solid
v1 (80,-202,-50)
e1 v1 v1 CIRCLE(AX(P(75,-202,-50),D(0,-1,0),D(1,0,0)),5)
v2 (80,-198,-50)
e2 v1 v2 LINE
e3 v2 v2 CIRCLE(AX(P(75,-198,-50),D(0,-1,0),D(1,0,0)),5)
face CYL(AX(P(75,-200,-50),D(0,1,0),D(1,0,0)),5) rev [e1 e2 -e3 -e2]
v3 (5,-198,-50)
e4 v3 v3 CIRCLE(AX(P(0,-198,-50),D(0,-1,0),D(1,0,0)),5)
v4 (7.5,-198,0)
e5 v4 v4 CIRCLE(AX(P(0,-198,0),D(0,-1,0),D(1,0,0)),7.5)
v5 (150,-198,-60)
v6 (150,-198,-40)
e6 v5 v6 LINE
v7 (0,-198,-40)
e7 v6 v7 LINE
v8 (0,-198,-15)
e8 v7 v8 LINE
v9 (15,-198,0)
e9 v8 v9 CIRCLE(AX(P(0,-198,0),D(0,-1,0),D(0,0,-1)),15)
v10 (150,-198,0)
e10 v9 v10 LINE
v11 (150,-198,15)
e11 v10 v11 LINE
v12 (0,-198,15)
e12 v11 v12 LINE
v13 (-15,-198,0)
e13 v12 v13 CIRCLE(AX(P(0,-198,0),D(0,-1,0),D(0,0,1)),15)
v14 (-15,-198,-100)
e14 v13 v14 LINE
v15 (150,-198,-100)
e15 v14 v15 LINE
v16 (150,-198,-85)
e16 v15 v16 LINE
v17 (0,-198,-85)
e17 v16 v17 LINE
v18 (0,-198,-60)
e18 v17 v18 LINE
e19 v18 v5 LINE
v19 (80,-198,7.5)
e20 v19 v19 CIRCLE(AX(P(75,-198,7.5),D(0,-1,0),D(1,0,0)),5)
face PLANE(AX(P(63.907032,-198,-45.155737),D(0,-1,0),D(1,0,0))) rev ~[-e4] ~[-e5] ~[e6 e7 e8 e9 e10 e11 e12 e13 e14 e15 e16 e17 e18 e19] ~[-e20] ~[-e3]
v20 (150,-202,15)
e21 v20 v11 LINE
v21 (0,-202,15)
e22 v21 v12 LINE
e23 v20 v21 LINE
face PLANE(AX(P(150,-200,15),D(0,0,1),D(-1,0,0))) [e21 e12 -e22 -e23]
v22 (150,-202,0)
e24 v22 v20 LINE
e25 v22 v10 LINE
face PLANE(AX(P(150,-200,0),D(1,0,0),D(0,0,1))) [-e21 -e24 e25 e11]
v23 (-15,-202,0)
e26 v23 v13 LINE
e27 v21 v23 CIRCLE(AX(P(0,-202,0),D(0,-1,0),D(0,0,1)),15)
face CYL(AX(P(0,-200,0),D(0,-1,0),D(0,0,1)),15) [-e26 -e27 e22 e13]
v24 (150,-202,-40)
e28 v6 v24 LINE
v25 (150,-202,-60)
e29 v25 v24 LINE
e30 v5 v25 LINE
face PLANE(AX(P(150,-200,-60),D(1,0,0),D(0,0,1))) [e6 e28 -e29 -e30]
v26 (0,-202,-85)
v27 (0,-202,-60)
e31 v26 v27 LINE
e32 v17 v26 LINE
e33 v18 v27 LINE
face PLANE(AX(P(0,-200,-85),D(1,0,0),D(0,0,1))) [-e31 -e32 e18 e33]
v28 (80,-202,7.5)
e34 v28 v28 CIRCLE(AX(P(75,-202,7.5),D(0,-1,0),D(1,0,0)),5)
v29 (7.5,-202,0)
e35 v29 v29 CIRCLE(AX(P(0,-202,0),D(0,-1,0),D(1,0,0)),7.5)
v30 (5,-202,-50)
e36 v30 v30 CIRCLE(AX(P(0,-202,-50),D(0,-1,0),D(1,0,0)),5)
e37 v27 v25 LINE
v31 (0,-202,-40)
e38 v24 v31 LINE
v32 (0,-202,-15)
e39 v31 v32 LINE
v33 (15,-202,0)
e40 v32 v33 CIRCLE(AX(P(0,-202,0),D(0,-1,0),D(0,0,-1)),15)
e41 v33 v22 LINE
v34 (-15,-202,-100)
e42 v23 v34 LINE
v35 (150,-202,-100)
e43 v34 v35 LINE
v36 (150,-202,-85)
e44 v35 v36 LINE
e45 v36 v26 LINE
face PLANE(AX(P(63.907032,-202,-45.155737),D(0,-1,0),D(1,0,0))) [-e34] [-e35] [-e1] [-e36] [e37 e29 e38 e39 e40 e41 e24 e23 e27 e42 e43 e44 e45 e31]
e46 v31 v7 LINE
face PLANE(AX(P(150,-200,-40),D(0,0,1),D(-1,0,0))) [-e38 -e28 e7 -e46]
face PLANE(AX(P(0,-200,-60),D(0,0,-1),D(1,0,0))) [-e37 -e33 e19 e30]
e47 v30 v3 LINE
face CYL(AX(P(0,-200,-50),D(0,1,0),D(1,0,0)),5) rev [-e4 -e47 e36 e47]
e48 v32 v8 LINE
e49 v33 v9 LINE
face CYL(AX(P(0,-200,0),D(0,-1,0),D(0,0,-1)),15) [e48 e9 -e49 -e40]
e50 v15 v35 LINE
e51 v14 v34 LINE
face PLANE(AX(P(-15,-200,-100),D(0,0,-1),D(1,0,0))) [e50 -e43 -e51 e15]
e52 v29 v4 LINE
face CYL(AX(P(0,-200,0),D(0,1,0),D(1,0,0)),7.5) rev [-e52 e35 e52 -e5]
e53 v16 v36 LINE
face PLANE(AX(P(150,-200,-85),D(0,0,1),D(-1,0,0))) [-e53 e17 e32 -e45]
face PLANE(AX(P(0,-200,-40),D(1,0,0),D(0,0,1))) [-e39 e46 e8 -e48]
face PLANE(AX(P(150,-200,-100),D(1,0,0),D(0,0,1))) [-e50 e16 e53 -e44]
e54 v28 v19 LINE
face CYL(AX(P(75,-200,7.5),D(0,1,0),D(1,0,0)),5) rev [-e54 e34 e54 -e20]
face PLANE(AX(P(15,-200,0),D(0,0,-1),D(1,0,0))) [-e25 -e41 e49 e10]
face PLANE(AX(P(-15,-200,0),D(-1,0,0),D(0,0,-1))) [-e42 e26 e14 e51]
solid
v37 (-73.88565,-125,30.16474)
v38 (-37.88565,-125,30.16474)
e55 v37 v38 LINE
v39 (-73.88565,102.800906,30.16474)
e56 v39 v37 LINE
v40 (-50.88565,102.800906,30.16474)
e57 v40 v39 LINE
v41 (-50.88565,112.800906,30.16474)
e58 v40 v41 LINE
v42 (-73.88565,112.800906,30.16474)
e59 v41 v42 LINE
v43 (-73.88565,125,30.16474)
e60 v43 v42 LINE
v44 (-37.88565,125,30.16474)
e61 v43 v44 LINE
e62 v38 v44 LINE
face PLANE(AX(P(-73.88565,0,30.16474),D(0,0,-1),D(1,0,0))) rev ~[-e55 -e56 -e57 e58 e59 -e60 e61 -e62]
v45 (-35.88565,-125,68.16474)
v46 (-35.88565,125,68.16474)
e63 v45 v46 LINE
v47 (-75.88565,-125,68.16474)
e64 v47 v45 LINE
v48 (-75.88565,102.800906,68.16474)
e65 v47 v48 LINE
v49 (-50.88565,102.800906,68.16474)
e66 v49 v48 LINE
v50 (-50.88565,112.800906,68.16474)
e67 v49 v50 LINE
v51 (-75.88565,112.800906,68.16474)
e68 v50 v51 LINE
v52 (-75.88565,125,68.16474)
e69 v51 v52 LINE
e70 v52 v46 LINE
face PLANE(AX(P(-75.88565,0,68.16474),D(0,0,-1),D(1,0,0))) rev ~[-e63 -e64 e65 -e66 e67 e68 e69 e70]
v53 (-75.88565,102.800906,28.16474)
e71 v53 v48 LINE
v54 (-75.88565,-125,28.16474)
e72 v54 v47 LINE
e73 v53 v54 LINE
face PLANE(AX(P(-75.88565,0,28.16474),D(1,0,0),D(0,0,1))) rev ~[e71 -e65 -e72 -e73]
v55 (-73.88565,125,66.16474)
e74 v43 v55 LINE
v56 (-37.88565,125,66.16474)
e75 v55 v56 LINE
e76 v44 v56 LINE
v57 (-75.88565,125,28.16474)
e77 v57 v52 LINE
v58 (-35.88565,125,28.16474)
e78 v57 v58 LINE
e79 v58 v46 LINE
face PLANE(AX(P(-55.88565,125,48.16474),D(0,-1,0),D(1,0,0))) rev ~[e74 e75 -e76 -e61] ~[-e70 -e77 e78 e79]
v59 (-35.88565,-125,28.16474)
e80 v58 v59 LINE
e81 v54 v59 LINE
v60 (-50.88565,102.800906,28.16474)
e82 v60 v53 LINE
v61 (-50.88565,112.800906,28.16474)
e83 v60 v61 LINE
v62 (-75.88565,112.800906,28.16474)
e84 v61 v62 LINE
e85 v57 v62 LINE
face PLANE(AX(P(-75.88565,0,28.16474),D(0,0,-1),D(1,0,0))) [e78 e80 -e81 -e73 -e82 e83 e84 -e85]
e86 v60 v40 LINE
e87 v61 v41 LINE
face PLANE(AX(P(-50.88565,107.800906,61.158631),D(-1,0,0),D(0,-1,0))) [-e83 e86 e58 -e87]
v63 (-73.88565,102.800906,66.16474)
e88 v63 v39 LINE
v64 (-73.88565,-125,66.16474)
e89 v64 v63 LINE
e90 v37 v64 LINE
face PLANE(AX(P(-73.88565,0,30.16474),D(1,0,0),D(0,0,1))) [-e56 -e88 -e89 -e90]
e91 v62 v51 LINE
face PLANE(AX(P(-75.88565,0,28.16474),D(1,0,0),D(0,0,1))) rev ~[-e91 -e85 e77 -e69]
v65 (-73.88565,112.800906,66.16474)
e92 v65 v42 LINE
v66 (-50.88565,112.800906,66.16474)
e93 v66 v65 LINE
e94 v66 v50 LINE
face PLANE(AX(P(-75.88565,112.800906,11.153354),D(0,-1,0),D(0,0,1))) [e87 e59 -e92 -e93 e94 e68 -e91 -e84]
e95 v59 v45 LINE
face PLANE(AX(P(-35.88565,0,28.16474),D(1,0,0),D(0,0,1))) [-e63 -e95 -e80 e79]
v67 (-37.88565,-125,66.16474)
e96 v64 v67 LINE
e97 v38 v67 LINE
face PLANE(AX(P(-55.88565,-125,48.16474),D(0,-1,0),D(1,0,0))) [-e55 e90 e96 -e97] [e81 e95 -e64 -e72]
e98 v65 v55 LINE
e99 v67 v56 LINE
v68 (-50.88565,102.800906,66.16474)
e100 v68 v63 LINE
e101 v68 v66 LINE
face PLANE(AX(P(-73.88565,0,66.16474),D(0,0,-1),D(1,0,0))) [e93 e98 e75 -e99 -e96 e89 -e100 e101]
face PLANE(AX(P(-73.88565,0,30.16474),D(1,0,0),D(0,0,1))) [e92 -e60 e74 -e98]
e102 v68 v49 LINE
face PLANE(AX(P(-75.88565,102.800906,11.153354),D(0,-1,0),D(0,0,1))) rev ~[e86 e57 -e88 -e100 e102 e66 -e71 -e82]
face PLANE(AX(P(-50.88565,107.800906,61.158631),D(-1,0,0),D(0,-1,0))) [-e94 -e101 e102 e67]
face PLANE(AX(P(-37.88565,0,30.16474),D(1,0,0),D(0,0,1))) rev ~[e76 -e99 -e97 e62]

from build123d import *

# Parameters (mm, degrees)
F2_R     = 5
F2_R_2   = 7.5
F3_DEPTH = 2
F4_W     = 40
F4_H     = 40
F4_W_2   = 36
F4_H_2   = 36
F5_DEPTH = 125
F6_W     = 10
F6_H     = 100.0105524436
F7_DEPTH = 25


with BuildPart() as f3:
    # F2 (on offset) → F3 (new body, symmetric)
    with BuildSketch(Plane.XZ.offset(200)):
        with BuildLine():
            Line((-15, 0), (-15, -100))
            Line((-15, -100), (150, -100))
            Line((150, -100), (150, -85))
            Line((150, -85), (0, -85))
            Line((0, -85), (0, -60))
            Line((0, -60), (150, -60))
            Line((150, -60), (150, -40))
            Line((150, -40), (0, -40))
            Line((0, -40), (0, -15))
            ThreePointArc((0, -15), (10.6066017178, -10.6066017178), (15, 0))
            Line((15, 0), (150, 0))
            Line((150, 0), (150, 15))
            Line((150, 15), (0, 15))
            ThreePointArc((0, 15), (-10.6066017178, 10.6066017178), (-15, 0))
        make_face()
        with Locations((0, -50)):
            Circle(F2_R, mode=Mode.SUBTRACT)
        with Locations((75, -50)):
            Circle(F2_R, mode=Mode.SUBTRACT)
        Circle(F2_R_2, mode=Mode.SUBTRACT)
        with Locations((75, 7.5)):
            Circle(F2_R, mode=Mode.SUBTRACT)
    extrude(amount=F3_DEPTH, both=True)


with BuildPart() as f5:
    # F4 (on Front) → F5 (new body, symmetric)
    with BuildSketch(Plane.XZ):
        with Locations((-55.8856502175, 48.1647402048)):
            Rectangle(F4_W, F4_H)
        with Locations((-55.8856502175, 48.1647402048)):
            Rectangle(F4_W_2, F4_H_2, mode=Mode.SUBTRACT)
    extrude(amount=F5_DEPTH, both=True)

    # F6 (on face) → F7 (cut)
    with BuildSketch(Plane(origin=(-75.8856502175, 0, 0), x_dir=(0, -1, 0), z_dir=(-1, 0, 0))):
        with Locations((-107.8009057045, 61.1586305313)):
            Rectangle(F6_W, F6_H)
    extrude(amount=-F7_DEPTH, mode=Mode.SUBTRACT)


solid = Compound([f3.part, f5.part])
